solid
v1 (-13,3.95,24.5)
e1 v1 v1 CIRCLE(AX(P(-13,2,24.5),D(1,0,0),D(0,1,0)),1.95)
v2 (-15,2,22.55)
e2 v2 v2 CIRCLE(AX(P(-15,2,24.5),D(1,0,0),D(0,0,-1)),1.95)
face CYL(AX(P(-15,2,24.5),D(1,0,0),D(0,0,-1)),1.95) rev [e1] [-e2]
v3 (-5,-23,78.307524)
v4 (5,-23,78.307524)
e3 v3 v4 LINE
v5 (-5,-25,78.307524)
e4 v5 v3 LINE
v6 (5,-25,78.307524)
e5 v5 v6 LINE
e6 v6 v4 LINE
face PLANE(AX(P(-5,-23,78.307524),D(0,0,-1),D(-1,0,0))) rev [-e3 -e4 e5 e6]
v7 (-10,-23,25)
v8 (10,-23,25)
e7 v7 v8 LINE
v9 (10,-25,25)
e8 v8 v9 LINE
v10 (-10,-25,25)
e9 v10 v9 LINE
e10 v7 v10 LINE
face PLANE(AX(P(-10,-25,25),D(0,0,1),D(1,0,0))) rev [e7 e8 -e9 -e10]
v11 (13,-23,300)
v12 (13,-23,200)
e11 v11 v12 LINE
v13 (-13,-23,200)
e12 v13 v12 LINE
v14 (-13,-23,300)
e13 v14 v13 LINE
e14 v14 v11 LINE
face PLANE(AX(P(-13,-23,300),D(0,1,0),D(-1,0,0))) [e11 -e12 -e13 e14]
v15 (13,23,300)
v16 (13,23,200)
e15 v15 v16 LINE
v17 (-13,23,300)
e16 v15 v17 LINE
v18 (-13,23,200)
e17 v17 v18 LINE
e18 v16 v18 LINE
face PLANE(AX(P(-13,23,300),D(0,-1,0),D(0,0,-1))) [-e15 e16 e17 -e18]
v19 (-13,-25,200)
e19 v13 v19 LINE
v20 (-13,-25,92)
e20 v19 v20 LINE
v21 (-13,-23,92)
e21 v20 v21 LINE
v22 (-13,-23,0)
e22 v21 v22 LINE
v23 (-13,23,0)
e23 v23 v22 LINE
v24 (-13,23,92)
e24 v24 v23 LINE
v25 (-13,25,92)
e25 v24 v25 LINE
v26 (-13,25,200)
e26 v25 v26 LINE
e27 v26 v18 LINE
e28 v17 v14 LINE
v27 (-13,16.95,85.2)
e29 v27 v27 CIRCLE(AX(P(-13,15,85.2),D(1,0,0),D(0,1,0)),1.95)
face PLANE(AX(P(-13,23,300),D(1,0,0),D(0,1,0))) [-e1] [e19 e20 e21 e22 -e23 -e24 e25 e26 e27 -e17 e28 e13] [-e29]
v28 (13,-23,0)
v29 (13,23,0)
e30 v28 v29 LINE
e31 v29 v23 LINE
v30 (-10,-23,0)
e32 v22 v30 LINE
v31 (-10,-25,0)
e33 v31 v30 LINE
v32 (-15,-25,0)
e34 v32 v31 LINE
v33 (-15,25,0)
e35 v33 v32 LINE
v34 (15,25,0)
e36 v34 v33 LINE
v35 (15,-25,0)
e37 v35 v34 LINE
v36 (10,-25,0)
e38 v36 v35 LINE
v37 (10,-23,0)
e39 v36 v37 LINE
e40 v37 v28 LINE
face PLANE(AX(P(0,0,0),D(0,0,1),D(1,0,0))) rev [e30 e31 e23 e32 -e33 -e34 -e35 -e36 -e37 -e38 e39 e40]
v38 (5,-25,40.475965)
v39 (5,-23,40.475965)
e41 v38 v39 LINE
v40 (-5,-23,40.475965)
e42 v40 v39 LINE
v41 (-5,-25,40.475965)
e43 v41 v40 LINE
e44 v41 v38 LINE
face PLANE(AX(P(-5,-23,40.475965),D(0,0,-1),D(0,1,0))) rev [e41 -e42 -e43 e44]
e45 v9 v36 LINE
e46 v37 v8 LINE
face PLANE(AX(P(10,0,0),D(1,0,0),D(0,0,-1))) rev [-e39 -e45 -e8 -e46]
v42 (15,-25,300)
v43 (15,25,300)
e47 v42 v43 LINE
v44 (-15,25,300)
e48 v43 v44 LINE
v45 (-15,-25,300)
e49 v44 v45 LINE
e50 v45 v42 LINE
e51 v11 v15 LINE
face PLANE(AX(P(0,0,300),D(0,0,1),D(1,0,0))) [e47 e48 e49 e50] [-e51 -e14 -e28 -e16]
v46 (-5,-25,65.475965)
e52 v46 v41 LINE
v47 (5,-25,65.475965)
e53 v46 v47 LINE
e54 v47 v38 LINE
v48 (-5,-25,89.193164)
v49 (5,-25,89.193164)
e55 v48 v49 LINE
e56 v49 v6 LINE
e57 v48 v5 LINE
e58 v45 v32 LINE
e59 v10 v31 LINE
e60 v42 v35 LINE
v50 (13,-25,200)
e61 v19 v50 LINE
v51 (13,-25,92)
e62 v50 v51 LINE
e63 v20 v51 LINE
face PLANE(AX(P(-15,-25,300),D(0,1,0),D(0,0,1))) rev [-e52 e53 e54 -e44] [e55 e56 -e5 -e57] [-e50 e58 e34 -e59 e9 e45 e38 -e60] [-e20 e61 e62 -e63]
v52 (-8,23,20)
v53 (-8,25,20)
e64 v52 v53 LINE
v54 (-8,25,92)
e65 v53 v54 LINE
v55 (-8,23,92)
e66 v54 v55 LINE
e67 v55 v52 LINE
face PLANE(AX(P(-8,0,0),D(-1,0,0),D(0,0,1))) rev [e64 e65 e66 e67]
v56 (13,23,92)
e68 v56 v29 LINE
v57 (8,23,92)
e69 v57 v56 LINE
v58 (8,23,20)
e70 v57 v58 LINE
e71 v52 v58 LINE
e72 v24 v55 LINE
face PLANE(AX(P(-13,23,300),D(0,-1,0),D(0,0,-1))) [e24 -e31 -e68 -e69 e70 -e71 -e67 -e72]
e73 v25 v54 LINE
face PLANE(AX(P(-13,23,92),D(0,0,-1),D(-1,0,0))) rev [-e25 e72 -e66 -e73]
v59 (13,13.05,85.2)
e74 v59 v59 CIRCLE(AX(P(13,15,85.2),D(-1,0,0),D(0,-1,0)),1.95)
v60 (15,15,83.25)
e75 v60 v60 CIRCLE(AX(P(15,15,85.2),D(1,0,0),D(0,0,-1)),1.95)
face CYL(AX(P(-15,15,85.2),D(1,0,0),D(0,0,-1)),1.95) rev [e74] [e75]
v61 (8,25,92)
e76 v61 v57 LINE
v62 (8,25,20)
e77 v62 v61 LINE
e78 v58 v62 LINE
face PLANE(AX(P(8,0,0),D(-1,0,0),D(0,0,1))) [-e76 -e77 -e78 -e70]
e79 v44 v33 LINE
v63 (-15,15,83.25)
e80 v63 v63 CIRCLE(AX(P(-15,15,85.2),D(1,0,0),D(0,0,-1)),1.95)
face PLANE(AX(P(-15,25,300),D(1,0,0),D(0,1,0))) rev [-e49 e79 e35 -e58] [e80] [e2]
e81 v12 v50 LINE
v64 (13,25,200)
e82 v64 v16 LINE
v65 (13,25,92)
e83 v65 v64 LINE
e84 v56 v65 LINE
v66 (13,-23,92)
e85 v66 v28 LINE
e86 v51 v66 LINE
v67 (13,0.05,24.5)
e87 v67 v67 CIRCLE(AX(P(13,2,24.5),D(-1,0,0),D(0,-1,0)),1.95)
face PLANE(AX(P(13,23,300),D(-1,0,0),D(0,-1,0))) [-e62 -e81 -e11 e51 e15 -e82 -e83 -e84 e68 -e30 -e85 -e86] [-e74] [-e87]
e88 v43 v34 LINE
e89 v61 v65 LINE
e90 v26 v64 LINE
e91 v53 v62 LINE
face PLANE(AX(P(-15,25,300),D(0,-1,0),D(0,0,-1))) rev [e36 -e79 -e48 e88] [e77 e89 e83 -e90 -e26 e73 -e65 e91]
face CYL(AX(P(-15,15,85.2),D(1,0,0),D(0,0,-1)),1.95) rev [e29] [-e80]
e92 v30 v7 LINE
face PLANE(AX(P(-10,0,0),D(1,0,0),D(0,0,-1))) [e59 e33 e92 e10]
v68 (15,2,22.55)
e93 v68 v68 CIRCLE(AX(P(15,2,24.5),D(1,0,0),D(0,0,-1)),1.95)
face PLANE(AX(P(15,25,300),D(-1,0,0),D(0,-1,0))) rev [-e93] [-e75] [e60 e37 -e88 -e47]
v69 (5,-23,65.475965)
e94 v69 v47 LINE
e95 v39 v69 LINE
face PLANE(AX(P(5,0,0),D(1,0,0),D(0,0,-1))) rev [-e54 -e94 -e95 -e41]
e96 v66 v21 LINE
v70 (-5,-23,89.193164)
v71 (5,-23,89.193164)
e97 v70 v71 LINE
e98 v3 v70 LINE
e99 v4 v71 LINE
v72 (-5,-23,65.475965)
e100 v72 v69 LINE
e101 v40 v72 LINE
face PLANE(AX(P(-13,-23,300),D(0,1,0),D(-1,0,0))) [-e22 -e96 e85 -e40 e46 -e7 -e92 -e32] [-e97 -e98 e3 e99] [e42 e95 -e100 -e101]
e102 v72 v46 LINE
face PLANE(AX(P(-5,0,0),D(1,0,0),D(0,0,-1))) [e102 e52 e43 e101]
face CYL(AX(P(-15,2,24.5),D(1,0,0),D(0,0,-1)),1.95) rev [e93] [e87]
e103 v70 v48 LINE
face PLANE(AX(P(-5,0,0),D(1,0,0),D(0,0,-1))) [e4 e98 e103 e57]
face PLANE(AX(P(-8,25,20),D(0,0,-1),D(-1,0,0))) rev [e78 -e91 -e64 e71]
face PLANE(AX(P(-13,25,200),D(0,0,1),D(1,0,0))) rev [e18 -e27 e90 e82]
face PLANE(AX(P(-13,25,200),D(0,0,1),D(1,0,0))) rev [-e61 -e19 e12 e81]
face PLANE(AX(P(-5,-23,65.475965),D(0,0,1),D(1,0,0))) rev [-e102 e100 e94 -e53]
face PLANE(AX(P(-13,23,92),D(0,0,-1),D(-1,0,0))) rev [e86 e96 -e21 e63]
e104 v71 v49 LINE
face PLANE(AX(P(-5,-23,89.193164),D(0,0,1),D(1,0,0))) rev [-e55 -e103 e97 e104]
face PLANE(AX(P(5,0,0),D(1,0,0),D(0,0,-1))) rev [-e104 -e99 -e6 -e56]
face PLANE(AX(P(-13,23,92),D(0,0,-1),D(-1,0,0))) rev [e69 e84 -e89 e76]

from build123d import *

# Parameters (mm, degrees)
SKETCH_1_W               = 30
SKETCH_1_H               = 50
SKETCH_1_W_2             = 26
SKETCH_1_H_2             = 46
EXTRUDE_1_DEPTH          = 300
CUT_EXTRUDE_2_DEPTH      = 302.413337462
CUT_EXTRUDE_2_DEPTH_BACK = 302.413337462
SKETCH_3_R               = 1.95
CUT_EXTRUDE_3_DEPTH      = 8
CUT_EXTRUDE_4_DEPTH      = 13
SKETCH_6_W               = 25
SKETCH_6_H               = 2
SKETCH_6_W_2             = 10.885639634
CUT_EXTRUDE_5_DEPTH      = 5
SKETCH_7_W               = 25
SKETCH_7_H               = 2
CUT_EXTRUDE_6_DEPTH      = 10


with BuildPart() as part:
    # 스케치1 → 보스-돌출1 (new body)
    with BuildSketch(Plane.XY):
        Rectangle(SKETCH_1_W, SKETCH_1_H)
        Rectangle(SKETCH_1_W_2, SKETCH_1_H_2, mode=Mode.SUBTRACT)
    extrude(amount=EXTRUDE_1_DEPTH)

    # 스케치3 → 컷-돌출2 (cut, two sides: drawn at the far end of the back side and taken through both)
    with BuildSketch(Plane(origin=(0, 0, 0), x_dir=(0, 0, -1), z_dir=(1, 0, 0)).offset(-CUT_EXTRUDE_2_DEPTH_BACK)):
        with Locations((-85.2, 15)):
            Circle(SKETCH_3_R)
        with Locations((-24.5, 2)):
            Circle(SKETCH_3_R)
    extrude(amount=CUT_EXTRUDE_2_DEPTH + CUT_EXTRUDE_2_DEPTH_BACK, mode=Mode.SUBTRACT)

    # 스케치4 → 컷-돌출3 (cut, symmetric)
    with BuildSketch(Plane(origin=(0, 0, 0), x_dir=(0, 0, -1), z_dir=(1, 0, 0))):
        Polygon((-20, 25), (-20, -23), (-48, -23), (-74, -23), (-97.25, -23), (-97.25, 25), align=None)
    extrude(amount=CUT_EXTRUDE_3_DEPTH, both=True, mode=Mode.SUBTRACT)

    # 스케치5 → 컷-돌출4 (cut, symmetric)
    with BuildSketch(Plane(origin=(0, 0, 0), x_dir=(0, 0, -1), z_dir=(1, 0, 0))):
        Polygon((-92, 23), (-92, 25), (-200, 25), (-200, -25), (-92, -25), align=None)
    extrude(amount=CUT_EXTRUDE_4_DEPTH, both=True, mode=Mode.SUBTRACT)

    # 스케치6 → 컷-돌출5 (cut, symmetric)
    with BuildSketch(Plane(origin=(0, 0, 0), x_dir=(0, 0, -1), z_dir=(1, 0, 0))):
        with Locations((-52.975965068, -24)):
            Rectangle(SKETCH_6_W, SKETCH_6_H)
        with Locations((-83.750343722, -24)):
            Rectangle(SKETCH_6_W_2, SKETCH_6_H)
    extrude(amount=CUT_EXTRUDE_5_DEPTH, both=True, mode=Mode.SUBTRACT)

    # 스케치7 → 컷-돌출6 (cut, symmetric)
    with BuildSketch(Plane(origin=(0, 0, 0), x_dir=(0, 0, -1), z_dir=(1, 0, 0))):
        with Locations((-12.5, -24)):
            Rectangle(SKETCH_7_W, SKETCH_7_H)
    extrude(amount=CUT_EXTRUDE_6_DEPTH, both=True, mode=Mode.SUBTRACT)


solid = part.part
